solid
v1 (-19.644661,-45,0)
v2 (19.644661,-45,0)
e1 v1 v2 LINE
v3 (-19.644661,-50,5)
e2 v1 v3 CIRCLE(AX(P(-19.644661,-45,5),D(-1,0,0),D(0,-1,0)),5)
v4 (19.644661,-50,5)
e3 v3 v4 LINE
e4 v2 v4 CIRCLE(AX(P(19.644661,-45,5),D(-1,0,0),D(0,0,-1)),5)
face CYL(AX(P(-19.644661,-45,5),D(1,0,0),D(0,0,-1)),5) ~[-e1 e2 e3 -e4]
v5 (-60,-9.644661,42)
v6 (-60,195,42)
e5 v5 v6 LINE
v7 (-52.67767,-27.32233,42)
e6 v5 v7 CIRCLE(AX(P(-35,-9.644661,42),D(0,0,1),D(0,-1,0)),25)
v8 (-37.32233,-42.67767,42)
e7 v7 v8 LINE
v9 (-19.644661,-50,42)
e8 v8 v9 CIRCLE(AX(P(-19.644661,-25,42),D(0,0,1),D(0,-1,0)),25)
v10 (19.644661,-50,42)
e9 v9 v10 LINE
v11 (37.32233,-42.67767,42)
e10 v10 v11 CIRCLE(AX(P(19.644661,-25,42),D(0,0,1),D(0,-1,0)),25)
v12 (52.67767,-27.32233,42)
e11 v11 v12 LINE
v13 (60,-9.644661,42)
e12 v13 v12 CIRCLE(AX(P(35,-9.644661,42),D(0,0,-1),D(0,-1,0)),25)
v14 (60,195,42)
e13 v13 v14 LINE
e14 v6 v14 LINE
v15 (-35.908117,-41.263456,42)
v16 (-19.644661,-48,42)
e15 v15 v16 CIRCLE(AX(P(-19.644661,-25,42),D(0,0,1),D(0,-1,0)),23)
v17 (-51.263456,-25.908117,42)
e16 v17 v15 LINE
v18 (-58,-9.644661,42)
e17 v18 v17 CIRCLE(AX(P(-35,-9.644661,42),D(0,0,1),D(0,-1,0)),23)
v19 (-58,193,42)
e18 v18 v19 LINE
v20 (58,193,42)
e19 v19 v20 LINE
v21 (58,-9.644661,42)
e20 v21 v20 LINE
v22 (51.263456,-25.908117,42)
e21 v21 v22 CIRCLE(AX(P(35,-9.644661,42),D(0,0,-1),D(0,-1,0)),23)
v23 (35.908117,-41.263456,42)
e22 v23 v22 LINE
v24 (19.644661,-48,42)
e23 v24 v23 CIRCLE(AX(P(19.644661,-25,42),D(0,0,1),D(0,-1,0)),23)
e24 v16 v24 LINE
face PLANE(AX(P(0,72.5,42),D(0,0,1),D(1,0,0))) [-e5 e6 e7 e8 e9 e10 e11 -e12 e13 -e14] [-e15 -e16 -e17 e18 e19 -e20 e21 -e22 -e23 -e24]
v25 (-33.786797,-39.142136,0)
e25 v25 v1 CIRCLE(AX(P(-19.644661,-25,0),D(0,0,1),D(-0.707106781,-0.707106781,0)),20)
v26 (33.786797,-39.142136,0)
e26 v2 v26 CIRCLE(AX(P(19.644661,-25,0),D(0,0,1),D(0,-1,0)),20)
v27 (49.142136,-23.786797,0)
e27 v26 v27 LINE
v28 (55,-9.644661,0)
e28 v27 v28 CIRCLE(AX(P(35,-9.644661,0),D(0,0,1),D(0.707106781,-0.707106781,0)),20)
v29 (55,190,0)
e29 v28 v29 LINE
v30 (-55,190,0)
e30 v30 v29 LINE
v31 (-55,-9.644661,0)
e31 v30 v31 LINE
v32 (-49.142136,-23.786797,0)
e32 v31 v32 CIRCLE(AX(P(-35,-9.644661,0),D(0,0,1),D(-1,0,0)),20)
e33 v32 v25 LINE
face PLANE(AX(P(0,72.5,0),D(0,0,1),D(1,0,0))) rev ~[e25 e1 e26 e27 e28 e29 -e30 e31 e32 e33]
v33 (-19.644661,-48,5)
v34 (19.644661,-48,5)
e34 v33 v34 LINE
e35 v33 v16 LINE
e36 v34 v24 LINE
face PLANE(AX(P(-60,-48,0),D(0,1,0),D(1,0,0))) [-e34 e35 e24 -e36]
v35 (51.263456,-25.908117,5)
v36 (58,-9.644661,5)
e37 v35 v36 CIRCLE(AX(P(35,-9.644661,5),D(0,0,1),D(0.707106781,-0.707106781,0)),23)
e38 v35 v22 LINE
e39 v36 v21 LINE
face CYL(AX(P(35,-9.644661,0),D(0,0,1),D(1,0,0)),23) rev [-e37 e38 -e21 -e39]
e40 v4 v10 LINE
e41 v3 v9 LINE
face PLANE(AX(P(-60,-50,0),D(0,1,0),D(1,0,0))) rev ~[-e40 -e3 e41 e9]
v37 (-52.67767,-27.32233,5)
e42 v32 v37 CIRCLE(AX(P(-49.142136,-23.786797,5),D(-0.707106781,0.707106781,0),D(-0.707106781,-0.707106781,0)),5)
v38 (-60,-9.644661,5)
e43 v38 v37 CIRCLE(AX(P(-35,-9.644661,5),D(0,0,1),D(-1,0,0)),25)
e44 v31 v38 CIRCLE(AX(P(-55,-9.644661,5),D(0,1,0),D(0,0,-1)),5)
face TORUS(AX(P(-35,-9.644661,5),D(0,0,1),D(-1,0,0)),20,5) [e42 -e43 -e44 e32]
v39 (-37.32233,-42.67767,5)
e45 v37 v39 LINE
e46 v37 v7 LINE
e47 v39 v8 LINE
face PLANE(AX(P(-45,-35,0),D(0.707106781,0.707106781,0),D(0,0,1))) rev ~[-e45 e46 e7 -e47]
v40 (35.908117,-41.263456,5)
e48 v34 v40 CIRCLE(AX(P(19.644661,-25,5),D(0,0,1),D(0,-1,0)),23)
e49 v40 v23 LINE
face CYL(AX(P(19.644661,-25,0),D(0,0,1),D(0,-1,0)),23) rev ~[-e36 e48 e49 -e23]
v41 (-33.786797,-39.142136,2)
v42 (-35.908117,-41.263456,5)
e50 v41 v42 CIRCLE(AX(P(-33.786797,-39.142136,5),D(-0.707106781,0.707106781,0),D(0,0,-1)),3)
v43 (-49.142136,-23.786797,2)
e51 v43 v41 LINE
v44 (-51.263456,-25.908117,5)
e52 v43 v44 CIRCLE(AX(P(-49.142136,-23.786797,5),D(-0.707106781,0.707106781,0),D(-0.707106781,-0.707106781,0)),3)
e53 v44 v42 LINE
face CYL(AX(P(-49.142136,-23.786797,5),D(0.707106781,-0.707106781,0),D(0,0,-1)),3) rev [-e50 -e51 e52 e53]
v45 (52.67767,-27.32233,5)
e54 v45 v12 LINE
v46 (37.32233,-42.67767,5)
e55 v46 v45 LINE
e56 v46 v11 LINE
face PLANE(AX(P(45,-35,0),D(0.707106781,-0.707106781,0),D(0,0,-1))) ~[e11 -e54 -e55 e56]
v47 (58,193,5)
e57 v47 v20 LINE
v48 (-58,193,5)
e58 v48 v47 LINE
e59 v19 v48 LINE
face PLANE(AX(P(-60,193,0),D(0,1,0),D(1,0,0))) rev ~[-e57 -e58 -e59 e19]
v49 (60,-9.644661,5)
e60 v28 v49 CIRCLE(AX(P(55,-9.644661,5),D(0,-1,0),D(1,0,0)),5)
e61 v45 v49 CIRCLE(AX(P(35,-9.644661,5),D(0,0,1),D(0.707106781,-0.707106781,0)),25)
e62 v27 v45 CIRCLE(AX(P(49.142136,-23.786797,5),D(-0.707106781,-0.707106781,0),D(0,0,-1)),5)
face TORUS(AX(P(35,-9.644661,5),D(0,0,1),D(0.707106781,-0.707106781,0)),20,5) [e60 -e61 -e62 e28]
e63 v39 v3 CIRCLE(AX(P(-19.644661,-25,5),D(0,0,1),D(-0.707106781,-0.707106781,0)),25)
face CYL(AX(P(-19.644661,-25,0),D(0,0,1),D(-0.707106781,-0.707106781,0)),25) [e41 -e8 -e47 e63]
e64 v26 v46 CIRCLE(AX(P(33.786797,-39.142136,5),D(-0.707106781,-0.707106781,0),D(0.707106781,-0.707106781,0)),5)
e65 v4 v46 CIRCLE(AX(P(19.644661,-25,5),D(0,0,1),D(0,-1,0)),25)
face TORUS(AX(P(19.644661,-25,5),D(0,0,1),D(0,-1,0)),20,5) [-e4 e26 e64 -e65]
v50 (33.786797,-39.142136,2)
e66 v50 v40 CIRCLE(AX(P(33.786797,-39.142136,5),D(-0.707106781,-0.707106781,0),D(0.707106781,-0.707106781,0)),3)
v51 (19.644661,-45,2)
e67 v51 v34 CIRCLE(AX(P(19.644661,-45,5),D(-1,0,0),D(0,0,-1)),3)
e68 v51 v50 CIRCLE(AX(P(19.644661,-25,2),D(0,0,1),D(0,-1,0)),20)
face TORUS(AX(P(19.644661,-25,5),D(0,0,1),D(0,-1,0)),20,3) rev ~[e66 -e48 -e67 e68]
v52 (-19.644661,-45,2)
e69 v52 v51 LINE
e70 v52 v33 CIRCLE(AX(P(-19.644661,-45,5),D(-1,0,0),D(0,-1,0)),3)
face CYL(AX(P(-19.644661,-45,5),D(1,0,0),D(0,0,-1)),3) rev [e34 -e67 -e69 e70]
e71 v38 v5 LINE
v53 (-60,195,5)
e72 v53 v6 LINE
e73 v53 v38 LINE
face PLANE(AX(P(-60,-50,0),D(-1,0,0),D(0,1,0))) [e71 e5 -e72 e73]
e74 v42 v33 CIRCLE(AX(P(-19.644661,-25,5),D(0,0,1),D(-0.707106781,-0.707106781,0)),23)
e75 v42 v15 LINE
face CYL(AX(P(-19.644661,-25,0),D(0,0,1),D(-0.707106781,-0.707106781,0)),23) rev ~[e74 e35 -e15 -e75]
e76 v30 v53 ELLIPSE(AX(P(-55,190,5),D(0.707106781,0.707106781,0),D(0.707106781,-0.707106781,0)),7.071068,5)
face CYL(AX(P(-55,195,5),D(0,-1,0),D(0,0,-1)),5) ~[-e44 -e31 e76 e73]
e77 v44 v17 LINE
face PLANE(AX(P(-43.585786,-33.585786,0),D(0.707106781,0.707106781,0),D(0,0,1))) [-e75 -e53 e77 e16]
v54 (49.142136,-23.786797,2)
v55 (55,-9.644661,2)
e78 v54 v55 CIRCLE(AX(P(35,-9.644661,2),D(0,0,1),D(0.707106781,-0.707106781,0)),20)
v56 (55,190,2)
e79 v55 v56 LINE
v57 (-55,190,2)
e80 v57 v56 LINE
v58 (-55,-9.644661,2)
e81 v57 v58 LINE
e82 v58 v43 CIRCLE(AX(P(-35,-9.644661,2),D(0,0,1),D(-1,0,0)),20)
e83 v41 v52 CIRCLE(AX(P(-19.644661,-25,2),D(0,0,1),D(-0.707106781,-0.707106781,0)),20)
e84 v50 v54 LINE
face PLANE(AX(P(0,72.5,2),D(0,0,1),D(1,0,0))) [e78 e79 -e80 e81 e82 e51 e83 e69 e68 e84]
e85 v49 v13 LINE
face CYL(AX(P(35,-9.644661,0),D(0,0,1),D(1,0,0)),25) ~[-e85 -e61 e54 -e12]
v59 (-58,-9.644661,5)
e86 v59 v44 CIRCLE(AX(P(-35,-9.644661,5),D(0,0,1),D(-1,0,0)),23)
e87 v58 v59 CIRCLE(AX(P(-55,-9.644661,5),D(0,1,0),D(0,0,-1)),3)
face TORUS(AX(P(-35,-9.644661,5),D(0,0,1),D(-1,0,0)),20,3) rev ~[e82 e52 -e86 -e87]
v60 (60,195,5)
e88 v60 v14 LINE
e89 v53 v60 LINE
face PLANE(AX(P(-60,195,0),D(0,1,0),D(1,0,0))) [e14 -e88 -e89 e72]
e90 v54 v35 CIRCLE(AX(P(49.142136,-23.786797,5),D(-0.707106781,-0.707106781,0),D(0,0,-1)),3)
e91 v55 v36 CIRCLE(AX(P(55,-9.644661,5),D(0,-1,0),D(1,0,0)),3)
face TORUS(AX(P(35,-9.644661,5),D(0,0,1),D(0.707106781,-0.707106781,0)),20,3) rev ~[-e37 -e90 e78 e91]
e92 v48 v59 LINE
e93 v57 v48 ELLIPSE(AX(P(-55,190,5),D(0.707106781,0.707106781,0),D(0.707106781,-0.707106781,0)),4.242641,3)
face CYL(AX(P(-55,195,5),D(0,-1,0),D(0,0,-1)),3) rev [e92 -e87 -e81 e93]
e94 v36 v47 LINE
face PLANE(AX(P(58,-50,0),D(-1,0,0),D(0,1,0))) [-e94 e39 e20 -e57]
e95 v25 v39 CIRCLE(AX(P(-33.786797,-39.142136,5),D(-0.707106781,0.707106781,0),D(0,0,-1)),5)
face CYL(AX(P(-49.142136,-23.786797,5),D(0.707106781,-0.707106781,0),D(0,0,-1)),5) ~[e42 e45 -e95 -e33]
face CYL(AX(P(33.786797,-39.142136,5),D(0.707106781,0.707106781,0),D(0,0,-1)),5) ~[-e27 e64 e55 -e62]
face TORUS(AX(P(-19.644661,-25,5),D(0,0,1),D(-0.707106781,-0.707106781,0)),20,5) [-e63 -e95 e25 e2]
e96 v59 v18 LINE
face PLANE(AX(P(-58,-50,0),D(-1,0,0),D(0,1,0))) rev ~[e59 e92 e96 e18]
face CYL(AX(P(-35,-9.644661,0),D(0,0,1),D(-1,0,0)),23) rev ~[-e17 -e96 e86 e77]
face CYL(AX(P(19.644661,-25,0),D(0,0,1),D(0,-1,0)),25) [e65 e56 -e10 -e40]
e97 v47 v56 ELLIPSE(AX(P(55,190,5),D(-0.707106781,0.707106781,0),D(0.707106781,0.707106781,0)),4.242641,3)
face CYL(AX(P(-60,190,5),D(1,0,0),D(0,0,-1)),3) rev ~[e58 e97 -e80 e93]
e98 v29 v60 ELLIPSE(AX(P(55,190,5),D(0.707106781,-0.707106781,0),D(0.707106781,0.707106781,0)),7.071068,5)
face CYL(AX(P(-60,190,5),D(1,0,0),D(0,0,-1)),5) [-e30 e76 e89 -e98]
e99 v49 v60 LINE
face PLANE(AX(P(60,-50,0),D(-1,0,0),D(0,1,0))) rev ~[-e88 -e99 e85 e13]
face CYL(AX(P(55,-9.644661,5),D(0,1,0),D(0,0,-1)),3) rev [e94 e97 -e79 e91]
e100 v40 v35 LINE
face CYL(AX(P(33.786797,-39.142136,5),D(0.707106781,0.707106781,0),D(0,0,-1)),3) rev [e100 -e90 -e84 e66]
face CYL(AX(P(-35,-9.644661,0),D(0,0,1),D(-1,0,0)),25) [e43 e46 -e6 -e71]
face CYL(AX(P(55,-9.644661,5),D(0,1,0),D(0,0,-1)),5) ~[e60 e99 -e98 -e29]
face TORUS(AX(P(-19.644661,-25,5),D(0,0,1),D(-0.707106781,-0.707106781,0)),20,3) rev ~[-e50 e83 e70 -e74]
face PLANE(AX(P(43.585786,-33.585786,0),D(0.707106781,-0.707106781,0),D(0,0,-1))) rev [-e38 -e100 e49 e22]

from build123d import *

# Parameters (mm, degrees)
SKETCH1_W           = 120
SKETCH1_H           = 245
BOSS_EXTRUDE1_DEPTH = 42
CHAMFER1_SIZE       = 30
FILLET3_R           = 25
FILLET1_R           = 5
SHELL1_T            = -2


with BuildPart() as part:
    # Sketch1 → Boss-Extrude1 (new body)
    with BuildSketch(Plane.XY):
        with Locations((0, 72.5)):
            Rectangle(SKETCH1_W, SKETCH1_H)
    extrude(amount=BOSS_EXTRUDE1_DEPTH)

    # Chamfer1
    chamfer1_edges = [part.edges().sort_by_distance(p)[0] for p in [
        (60, -50, 21),
        (-60, -50, 21),
    ]]
    chamfer(chamfer1_edges, length=CHAMFER1_SIZE)

    # Fillet3
    fillet3_edges = [part.edges().sort_by_distance(p)[0] for p in [
        (30, -50, 21),
        (-30, -50, 21),
        (-60, -20, 21),
        (60, -20, 21),
    ]]
    fillet(fillet3_edges, radius=FILLET3_R)

    # Fillet1
    fillet1_edges = [part.edges().sort_by_distance(p)[0] for p in [
        (-45, -35, 0),
        (0, -50, 0),
        (60, 92.67766953, 0),
        (45, -35, 0),
        (58.096988313, -19.21174675, 0),
        (29.21174675, -48.096988313, 0),
        (-29.21174675, -48.096988313, 0),
        (-58.096988313, -19.21174675, 0),
        (0, 195, 0),
        (-60, 92.67766953, 0),
    ]]
    fillet(fillet1_edges, radius=FILLET1_R)

    # Shell1
    shell1_openings = [part.faces().sort_by_distance(p)[0] for p in [
        (0, 76.260599265, 42),
    ]]
    offset(amount=SHELL1_T, openings=shell1_openings)


solid = part.part
